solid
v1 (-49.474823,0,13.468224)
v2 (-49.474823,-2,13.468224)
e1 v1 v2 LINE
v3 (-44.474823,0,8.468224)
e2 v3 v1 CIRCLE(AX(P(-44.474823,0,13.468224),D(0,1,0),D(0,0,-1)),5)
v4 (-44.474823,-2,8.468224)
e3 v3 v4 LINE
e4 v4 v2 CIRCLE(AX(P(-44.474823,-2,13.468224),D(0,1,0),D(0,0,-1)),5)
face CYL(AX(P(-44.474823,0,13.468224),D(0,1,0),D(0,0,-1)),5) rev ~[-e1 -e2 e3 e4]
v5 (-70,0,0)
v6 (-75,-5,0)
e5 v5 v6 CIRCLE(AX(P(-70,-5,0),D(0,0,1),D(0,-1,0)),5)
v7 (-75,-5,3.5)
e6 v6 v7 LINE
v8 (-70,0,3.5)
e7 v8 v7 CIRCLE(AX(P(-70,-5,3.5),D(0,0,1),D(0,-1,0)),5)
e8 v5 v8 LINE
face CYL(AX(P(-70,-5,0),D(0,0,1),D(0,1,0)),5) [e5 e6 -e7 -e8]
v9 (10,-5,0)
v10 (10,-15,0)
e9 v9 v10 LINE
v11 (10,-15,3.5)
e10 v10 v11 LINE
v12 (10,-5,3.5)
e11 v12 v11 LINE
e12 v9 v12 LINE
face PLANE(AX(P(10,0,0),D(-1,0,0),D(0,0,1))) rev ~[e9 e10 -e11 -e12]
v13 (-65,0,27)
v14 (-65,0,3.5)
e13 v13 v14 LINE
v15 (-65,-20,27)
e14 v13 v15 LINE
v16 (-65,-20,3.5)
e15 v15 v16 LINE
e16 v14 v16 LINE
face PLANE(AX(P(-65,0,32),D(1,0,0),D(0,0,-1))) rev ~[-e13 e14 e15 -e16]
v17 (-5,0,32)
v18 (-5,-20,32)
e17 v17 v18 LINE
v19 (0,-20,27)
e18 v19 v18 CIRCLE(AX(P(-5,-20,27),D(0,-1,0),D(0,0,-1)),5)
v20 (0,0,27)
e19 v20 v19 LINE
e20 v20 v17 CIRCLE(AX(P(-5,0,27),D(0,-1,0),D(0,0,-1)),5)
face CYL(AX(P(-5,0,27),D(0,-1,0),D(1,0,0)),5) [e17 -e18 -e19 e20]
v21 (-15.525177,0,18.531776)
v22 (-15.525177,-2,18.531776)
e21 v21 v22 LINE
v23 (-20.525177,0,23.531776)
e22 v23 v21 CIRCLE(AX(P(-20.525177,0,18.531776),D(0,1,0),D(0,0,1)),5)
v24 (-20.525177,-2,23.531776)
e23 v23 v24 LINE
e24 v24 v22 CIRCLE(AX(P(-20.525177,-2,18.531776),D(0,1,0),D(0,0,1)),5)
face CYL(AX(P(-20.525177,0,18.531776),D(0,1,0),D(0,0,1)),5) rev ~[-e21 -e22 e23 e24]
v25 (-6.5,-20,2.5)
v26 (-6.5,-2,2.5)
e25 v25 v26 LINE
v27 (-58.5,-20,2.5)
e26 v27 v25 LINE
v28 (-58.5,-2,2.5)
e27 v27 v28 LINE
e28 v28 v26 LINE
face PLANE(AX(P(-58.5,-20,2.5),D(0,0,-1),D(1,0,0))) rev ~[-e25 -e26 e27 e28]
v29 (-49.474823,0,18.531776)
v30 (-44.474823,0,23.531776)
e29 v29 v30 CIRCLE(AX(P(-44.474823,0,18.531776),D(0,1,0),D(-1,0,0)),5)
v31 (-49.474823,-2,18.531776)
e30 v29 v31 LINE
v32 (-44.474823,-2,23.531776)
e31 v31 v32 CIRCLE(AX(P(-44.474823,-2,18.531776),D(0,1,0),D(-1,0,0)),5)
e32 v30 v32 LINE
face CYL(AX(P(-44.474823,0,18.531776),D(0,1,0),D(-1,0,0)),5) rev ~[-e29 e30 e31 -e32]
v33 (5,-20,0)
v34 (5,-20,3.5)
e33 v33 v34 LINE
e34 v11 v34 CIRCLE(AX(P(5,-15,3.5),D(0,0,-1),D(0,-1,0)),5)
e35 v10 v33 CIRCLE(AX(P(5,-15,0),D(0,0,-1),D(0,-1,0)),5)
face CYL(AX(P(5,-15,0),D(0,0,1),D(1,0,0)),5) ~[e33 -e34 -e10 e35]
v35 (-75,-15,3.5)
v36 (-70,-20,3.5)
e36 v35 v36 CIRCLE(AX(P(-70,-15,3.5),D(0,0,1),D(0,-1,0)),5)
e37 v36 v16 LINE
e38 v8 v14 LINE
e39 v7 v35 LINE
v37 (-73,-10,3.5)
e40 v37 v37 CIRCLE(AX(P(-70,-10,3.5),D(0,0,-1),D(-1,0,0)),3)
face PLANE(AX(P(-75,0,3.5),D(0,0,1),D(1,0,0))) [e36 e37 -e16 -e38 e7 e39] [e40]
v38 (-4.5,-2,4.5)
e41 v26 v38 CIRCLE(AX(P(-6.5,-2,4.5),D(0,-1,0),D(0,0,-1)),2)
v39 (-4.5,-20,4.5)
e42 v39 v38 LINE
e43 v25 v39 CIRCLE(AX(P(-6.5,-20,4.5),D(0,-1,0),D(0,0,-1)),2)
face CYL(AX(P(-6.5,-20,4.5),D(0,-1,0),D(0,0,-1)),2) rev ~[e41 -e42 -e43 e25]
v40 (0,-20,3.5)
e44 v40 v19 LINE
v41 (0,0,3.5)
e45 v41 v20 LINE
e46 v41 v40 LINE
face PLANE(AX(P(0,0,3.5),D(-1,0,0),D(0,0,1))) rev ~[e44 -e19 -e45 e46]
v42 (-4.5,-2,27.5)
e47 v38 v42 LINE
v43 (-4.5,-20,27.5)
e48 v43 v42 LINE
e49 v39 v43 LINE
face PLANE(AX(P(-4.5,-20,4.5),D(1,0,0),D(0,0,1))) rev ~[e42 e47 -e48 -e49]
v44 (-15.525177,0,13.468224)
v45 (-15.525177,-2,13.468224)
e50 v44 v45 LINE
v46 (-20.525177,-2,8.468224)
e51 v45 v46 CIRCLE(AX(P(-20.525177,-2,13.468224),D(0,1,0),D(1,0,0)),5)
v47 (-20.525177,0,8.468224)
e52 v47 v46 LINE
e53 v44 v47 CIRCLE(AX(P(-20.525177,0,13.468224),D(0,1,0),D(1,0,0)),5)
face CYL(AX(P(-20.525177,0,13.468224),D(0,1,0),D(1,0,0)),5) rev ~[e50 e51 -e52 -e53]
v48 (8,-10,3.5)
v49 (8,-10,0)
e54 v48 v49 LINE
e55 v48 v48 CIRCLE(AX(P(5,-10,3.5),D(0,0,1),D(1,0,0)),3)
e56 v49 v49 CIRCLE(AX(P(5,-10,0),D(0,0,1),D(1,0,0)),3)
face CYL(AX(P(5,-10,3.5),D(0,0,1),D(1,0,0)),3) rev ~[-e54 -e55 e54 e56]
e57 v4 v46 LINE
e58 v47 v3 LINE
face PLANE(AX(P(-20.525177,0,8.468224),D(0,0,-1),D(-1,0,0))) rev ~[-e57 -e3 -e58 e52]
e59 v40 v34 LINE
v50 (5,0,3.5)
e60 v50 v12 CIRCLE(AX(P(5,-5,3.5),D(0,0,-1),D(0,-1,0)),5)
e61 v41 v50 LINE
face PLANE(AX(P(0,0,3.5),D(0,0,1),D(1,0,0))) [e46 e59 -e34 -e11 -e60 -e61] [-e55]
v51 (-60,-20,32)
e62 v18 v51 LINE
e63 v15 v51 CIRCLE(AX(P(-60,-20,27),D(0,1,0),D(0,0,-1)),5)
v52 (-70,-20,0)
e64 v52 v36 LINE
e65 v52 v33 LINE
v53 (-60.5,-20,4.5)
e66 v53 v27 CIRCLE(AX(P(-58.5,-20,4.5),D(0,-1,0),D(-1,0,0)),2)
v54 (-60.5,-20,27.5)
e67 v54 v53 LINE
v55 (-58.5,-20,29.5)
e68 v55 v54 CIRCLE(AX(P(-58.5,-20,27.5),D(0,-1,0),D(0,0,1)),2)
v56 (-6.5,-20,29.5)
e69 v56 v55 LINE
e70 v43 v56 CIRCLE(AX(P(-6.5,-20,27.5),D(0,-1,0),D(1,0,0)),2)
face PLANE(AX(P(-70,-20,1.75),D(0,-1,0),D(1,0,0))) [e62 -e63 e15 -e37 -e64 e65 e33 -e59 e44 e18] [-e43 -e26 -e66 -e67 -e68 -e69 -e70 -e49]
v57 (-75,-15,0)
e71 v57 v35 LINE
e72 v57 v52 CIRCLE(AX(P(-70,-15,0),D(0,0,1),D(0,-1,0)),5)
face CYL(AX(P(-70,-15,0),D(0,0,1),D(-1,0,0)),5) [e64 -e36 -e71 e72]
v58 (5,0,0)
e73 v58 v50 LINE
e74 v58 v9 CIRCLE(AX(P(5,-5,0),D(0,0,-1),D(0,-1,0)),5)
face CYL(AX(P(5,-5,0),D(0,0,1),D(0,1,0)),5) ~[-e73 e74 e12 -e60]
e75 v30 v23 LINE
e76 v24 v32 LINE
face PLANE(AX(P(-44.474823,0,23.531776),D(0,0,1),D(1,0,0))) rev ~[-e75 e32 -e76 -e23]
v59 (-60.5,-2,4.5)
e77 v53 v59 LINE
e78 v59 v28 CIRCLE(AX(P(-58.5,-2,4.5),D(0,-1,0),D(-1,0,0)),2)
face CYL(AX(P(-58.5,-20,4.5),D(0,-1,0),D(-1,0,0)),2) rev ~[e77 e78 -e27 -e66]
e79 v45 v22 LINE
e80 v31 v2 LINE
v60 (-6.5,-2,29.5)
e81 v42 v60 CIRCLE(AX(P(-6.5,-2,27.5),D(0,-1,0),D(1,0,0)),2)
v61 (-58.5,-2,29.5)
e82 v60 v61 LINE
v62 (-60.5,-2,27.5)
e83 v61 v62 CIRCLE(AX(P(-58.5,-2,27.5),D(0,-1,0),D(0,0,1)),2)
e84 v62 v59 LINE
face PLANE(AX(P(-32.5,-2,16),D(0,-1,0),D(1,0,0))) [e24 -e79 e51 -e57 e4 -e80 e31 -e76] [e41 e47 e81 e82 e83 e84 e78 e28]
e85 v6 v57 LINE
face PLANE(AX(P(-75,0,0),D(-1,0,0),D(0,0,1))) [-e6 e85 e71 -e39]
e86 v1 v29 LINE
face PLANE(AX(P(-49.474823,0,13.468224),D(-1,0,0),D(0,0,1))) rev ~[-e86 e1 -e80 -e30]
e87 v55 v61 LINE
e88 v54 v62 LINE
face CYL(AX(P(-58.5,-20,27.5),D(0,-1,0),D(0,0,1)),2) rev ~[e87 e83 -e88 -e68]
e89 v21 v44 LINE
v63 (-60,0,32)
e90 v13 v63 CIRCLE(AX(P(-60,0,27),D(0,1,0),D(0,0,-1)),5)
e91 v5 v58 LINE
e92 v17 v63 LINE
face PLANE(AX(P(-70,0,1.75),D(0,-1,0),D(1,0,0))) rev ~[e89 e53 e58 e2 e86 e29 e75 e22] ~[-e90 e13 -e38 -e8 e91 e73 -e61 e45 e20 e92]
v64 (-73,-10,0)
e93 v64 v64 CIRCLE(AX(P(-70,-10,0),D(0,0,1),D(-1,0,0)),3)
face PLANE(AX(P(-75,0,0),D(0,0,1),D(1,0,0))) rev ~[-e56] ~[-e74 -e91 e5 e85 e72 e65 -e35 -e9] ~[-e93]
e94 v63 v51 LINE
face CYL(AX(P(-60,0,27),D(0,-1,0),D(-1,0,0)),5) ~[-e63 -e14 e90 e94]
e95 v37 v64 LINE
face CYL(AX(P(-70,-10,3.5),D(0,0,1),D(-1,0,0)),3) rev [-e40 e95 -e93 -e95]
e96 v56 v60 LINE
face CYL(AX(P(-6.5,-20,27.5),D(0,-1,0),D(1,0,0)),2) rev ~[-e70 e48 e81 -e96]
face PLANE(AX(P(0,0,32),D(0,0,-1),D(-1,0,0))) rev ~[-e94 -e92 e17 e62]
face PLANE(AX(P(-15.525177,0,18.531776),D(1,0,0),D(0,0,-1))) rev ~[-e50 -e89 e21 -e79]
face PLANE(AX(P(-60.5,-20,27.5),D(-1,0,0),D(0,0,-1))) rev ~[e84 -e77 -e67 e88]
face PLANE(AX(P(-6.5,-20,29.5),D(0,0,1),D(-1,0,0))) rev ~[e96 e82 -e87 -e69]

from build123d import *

# Parameters (mm, degrees)
F0_W      = 10
F0_H      = 3.5
F1_DEPTH  = 20
F2_R      = 3
F3_DEPTH  = 3.501
F6_R      = 5
F9_DEPTH  = 18
F10_DEPTH = 20.001
F11_R     = 5


with BuildPart() as f1:
    # F0 (on Front) → F1 (new body)
    with BuildSketch(Plane.XZ):
        with Locations((-70, 1.75)):
            Rectangle(F0_W, F0_H)
        Polygon((-65, 0), (0, 0), (0, 3.5), (0, 32), (-65, 32), (-65, 3.5), align=None)
        with Locations((5, 1.75)):
            Rectangle(F0_W, F0_H)
    extrude(amount=F1_DEPTH)

    # F2 (on face) → F3 (cut, through all)
    with BuildSketch(Plane.XY.offset(3.5)):
        with Locations((5, -10)):
            Circle(F2_R)
    f3 = extrude(amount=-F3_DEPTH, mode=Mode.SUBTRACT)

    # F5: F3 across plane
    add(f3.mirror(Plane.YZ.offset(-32.5)), mode=Mode.SUBTRACT)

    # F6
    f6_edges = [f1.edges().sort_by_distance(p)[0] for p in [
        (0, -10, 32),
        (-65, -10, 32),
    ]]
    fillet(f6_edges, radius=F6_R)

    # F8 (on face) → F9 (cut)
    with BuildSketch(Plane.XZ.offset(20)):
        with BuildLine():
            Line((-58.5, 2.5), (-6.5, 2.5))
            ThreePointArc((-6.5, 2.5), (-5.0857864376, 3.0857864376), (-4.5, 4.5))
            Line((-4.5, 4.5), (-4.5, 27.5))
            ThreePointArc((-4.5, 27.5), (-5.0857864376, 28.9142135624), (-6.5, 29.5))
            Line((-6.5, 29.5), (-58.5, 29.5))
            ThreePointArc((-58.5, 29.5), (-59.9142135624, 28.9142135624), (-60.5, 27.5))
            Line((-60.5, 27.5), (-60.5, 4.5))
            ThreePointArc((-60.5, 4.5), (-59.9142135624, 3.0857864376), (-58.5, 2.5))
        make_face()
    extrude(amount=-F9_DEPTH, mode=Mode.SUBTRACT)

    # F7 (on face) → F10 (cut, through all)
    with BuildSketch(Plane(origin=(0, 0, 0), x_dir=(-1, 0, 0), z_dir=(0, 1, 0))):
        with BuildLine():
            ThreePointArc((15.5251769957, 13.4682242014), (16.9896430898, 9.9326902954), (20.5251769957, 8.4682242014))
            Line((20.5251769957, 8.4682242014), (44.4748230043, 8.4682242014))
            ThreePointArc((44.4748230043, 8.4682242014), (48.0103569102, 9.9326902954), (49.4748230043, 13.4682242014))
            Line((49.4748230043, 13.4682242014), (49.4748230043, 18.5317757986))
            ThreePointArc((49.4748230043, 18.5317757986), (48.0103569102, 22.0673097046), (44.4748230043, 23.5317757986))
            Line((44.4748230043, 23.5317757986), (20.5251769957, 23.5317757986))
            ThreePointArc((20.5251769957, 23.5317757986), (16.9896430898, 22.0673097046), (15.5251769957, 18.5317757986))
            Line((15.5251769957, 18.5317757986), (15.5251769957, 13.4682242014))
        make_face()
    extrude(amount=-F10_DEPTH, mode=Mode.SUBTRACT)

    # F11
    f11_edges = [f1.edges().sort_by_distance(p)[0] for p in [
        (-75, -20, 1.75),
        (-75, 0, 1.75),
        (10, -20, 1.75),
        (10, 0, 1.75),
    ]]
    fillet(f11_edges, radius=F11_R)


solid = f1.part
